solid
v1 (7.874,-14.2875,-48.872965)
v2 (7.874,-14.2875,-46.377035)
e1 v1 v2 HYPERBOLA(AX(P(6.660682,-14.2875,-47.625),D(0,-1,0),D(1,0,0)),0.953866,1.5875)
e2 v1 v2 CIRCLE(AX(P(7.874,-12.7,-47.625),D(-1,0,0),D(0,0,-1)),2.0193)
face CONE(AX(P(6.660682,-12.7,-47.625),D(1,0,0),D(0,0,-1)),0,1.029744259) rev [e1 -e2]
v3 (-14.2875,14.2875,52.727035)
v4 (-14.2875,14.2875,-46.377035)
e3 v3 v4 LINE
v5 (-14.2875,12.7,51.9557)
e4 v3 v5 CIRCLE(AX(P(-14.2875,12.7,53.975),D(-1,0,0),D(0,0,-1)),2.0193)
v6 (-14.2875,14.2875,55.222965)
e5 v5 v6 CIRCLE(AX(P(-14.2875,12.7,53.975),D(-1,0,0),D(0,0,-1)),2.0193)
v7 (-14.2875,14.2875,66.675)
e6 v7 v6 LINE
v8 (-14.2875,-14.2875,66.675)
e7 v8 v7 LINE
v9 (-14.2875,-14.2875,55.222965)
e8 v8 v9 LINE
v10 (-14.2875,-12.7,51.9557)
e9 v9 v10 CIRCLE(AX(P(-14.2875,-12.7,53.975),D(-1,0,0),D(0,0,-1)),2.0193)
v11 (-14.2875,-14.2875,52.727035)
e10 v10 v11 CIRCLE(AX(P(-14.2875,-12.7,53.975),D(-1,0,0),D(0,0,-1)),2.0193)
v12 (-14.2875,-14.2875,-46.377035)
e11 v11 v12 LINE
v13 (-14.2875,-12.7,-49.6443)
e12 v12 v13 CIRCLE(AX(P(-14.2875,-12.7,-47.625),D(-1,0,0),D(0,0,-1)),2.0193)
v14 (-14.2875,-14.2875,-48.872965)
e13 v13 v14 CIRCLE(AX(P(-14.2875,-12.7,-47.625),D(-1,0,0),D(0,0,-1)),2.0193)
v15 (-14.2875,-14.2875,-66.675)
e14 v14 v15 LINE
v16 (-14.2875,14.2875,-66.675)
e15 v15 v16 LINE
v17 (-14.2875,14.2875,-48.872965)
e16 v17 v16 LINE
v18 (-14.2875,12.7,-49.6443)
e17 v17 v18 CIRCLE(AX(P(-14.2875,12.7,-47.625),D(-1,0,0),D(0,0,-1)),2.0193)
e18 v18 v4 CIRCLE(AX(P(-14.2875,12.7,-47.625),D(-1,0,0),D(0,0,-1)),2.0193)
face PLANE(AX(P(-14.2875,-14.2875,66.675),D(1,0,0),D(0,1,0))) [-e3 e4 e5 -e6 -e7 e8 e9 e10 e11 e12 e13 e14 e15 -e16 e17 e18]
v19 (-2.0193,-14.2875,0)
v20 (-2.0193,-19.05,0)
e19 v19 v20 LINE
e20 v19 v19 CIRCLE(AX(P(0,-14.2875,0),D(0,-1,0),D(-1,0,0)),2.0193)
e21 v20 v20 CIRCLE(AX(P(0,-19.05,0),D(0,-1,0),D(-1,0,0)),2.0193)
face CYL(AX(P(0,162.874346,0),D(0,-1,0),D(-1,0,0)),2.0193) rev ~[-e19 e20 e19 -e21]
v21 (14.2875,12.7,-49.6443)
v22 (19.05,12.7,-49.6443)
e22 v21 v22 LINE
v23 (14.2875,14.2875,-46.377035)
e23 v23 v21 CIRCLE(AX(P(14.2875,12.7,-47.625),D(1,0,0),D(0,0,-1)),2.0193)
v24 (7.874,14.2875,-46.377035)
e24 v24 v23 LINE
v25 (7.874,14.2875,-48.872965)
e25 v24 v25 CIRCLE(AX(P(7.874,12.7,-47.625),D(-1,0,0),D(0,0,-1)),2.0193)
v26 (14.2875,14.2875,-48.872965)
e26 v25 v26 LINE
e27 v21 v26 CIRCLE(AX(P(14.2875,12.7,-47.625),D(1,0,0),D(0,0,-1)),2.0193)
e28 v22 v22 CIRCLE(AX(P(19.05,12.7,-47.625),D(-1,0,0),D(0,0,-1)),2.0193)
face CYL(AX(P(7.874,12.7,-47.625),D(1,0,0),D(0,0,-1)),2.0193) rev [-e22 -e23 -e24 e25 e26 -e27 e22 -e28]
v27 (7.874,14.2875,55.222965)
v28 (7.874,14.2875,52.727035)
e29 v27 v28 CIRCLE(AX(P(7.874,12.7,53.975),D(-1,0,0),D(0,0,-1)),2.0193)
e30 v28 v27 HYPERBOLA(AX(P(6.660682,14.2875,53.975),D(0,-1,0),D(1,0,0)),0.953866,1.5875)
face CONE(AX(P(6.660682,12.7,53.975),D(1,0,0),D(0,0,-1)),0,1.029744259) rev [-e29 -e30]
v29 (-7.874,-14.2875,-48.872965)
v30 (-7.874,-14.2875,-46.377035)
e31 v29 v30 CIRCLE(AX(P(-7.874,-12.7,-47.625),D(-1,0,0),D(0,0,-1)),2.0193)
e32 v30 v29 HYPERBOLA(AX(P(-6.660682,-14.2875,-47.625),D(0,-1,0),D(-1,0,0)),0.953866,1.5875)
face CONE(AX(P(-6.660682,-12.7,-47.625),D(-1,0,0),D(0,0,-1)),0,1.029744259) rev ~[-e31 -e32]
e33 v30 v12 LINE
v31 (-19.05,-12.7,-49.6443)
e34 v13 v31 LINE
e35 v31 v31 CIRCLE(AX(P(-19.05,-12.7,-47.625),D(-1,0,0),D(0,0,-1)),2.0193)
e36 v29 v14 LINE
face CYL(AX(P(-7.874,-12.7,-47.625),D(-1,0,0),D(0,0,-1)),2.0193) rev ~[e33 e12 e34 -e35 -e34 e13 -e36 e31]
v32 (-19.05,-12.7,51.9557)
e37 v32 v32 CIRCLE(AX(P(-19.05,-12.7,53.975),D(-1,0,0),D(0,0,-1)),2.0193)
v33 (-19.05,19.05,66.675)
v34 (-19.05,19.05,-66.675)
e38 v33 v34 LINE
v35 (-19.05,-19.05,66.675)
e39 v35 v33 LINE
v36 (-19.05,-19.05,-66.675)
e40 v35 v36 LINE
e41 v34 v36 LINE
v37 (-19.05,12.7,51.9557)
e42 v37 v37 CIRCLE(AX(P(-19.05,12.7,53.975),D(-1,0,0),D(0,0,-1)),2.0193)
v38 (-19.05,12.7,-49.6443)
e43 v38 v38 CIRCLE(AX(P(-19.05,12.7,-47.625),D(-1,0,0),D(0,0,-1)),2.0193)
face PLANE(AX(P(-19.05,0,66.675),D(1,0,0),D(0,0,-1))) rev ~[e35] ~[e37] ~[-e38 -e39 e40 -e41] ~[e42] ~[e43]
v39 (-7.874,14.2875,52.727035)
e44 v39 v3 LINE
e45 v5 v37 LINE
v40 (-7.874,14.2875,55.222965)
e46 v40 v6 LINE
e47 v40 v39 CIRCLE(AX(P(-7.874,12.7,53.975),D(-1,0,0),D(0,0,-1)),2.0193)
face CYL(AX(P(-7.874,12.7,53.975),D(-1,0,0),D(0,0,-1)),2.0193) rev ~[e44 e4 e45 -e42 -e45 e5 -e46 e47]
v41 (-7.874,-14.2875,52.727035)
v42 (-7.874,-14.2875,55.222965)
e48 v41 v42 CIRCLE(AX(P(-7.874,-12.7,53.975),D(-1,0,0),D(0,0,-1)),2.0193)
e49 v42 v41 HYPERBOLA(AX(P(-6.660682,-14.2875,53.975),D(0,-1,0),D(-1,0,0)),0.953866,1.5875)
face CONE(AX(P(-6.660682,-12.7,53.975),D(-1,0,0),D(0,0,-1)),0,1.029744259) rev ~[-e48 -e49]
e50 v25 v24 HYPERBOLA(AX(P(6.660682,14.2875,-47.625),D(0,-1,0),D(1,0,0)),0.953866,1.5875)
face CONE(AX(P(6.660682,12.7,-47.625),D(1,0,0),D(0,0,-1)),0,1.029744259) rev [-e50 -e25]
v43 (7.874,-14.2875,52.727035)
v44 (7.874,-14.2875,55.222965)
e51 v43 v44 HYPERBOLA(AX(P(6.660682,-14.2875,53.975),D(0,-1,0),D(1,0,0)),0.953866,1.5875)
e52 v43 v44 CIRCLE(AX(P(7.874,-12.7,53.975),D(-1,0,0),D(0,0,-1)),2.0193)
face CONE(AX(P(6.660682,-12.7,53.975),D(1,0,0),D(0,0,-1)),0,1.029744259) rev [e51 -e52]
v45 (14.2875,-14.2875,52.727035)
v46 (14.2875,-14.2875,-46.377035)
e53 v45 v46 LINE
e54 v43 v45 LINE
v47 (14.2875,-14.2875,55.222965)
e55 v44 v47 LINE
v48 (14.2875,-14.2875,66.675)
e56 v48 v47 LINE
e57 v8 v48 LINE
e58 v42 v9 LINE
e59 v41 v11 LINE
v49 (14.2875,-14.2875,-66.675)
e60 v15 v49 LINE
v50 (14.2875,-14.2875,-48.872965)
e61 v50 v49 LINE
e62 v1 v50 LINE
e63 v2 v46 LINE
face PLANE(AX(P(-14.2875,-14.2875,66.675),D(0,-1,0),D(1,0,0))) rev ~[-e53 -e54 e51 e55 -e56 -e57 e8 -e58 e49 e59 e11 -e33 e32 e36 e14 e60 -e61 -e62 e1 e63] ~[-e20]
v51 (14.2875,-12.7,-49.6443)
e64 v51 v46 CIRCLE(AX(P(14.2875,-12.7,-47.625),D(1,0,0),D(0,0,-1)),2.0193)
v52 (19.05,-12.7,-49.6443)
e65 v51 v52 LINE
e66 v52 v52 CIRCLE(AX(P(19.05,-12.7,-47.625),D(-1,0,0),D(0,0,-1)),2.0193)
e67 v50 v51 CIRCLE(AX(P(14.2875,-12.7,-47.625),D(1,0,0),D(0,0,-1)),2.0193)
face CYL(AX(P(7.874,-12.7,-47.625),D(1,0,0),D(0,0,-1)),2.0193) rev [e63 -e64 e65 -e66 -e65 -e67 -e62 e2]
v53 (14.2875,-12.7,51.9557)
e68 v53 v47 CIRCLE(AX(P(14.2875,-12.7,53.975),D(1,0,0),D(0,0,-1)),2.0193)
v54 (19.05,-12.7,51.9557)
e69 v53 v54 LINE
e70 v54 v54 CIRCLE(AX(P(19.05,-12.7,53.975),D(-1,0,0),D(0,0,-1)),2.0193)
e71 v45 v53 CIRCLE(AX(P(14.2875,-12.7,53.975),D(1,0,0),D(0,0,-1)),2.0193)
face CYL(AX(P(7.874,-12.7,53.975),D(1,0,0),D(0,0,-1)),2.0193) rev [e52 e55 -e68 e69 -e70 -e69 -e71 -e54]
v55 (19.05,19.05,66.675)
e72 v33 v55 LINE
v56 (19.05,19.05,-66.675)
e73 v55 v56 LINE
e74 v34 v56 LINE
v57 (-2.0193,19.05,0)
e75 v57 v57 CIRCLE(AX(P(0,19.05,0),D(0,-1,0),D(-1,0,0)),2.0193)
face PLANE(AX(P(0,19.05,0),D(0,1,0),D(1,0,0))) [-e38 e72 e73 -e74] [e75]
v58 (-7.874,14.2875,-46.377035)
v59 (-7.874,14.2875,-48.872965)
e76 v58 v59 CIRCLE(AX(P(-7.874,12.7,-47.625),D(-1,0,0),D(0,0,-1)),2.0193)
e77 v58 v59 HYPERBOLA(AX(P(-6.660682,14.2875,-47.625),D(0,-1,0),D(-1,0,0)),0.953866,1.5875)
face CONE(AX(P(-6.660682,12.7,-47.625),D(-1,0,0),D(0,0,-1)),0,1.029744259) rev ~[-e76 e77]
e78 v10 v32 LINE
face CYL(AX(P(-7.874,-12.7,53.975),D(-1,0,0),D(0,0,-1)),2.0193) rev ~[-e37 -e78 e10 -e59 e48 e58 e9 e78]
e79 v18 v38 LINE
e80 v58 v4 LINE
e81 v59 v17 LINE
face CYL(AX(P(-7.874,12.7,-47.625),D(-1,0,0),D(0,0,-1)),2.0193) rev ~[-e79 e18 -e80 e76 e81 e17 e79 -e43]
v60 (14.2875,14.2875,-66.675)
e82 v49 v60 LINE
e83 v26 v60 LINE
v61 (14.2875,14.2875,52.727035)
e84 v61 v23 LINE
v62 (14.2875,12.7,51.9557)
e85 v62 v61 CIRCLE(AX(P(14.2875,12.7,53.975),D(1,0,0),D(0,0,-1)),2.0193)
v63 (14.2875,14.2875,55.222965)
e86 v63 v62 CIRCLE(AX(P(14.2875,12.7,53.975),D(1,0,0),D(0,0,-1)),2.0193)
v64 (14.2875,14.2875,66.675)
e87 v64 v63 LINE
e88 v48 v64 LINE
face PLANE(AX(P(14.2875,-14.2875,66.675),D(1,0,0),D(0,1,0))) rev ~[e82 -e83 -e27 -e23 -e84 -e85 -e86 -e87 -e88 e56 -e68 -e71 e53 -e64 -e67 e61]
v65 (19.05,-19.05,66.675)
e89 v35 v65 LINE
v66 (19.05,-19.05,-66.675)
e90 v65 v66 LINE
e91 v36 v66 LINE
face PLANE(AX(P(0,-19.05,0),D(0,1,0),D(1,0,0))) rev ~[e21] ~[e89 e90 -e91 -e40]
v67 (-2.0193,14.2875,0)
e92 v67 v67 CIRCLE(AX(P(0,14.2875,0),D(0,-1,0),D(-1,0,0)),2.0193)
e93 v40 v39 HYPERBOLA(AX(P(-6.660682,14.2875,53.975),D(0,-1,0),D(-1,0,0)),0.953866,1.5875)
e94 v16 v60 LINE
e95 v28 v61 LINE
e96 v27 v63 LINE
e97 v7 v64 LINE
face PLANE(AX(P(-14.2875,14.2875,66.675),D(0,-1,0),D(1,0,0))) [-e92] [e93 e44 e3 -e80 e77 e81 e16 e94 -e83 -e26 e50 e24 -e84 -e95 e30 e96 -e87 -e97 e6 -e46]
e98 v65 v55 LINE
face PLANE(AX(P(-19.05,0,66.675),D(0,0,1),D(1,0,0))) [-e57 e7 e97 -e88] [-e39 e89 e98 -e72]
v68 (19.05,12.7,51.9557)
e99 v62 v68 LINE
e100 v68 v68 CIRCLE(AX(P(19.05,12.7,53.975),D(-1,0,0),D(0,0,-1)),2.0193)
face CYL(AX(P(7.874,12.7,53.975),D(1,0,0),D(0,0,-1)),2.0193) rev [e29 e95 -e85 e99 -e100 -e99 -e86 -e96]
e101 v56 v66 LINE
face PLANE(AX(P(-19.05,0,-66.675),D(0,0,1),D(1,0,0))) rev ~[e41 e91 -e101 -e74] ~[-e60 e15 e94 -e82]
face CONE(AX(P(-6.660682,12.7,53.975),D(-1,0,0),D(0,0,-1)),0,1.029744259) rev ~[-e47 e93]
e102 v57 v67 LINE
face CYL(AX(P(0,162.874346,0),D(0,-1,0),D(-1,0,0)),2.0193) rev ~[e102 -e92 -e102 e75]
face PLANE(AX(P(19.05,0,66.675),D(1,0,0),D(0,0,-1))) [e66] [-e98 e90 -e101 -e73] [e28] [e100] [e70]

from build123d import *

# Parameters (mm, degrees)
SKETCH1_W                       = 38.1
SKETCH1_H                       = 133.35
BOSS_EXTRUDE1_DEPTH             = 19.05
SKETCH2_W                       = 28.575
SKETCH2_H                       = 28.575
CUT_EXTRUDE1_DEPTH              = 134.35
F_10_32_TAPPED_HOLE1_AT_2_COUNT = 2
F_10_32_TAPPED_HOLE1_AT_2_PITCH = 25.4
F_10_32_TAPPED_HOLE1_AT_3_COUNT = 2
F_10_32_TAPPED_HOLE1_AT_3_PITCH = 104.726882891
F_10_32_TAPPED_HOLE1_AT_4_COUNT = 2
F_10_32_TAPPED_HOLE1_AT_4_PITCH = 101.6
F_10_32_TAPPED_HOLE2_D          = 4.0386


with BuildPart() as part:
    # Sketch1 → Boss-Extrude1 (new body, symmetric)
    with BuildSketch(Plane(origin=(0, 0, 0), x_dir=(1, 0, 0), z_dir=(0, 1, 0))):
        Rectangle(SKETCH1_W, SKETCH1_H)
    extrude(amount=BOSS_EXTRUDE1_DEPTH, both=True)

    # Sketch2 → Cut-Extrude1 (cut, through all)
    with BuildSketch(Plane.XY.offset(66.675)):
        Rectangle(SKETCH2_W, SKETCH2_H)
    extrude(amount=-CUT_EXTRUDE1_DEPTH, mode=Mode.SUBTRACT)

    # Sketch3 → #10-32 Tapped Hole1 (revolve, cut)
    with BuildSketch(Plane(origin=(19.05, -12.7, 53.975), x_dir=(0, 0, -1), z_dir=(0, 1, 0))):
        Polygon((0, 0), (0, 12.389317848), (2.0193, 11.176), (2.0193, 0), align=None)
    f_10_32_tapped_hole1 = revolve(axis=Axis((25.4, -12.7, 53.975), (-1, 0, 0)), mode=Mode.SUBTRACT)

    # #10-32 Tapped Hole1 at 2: #10-32 Tapped Hole1 ×2
    with Locations(*[(0, i * F_10_32_TAPPED_HOLE1_AT_2_PITCH, 0) for i in range(1, F_10_32_TAPPED_HOLE1_AT_2_COUNT)]):
        add(f_10_32_tapped_hole1, mode=Mode.SUBTRACT)

    # #10-32 Tapped Hole1 at 3: #10-32 Tapped Hole1 ×2
    with Locations(*[Vector(0, 0.242535625, -0.9701425) * (i * F_10_32_TAPPED_HOLE1_AT_3_PITCH) for i in range(1, F_10_32_TAPPED_HOLE1_AT_3_COUNT)]):
        add(f_10_32_tapped_hole1, mode=Mode.SUBTRACT)

    # #10-32 Tapped Hole1 at 4: #10-32 Tapped Hole1 ×2
    with Locations(*[(0, 0, -i * F_10_32_TAPPED_HOLE1_AT_4_PITCH) for i in range(1, F_10_32_TAPPED_HOLE1_AT_4_COUNT)]):
        add(f_10_32_tapped_hole1, mode=Mode.SUBTRACT)

    # #10-32 Tapped Hole2 (through all)
    with Locations(Plane(origin=(0, 19.05, 0), x_dir=(1, 0, 0), z_dir=(0, 1, 0))):
        with Locations((0, 0)):
            Hole(F_10_32_TAPPED_HOLE2_D / 2)

    # Mirror1: #10-32 Tapped Hole1 across plane
    add(f_10_32_tapped_hole1.mirror(Plane(origin=(0, 0, 0), x_dir=(0, 0, 1), z_dir=(1, 0, 0))), mode=Mode.SUBTRACT)

    # Mirror1 copy 1 sketch → Mirror1 copy 1 (revolve, cut)
    with BuildSketch(Plane(origin=(-19.05, 12.7, 53.975), x_dir=(0, 0, -1), z_dir=(0, 1, 0))):
        Polygon((0, 0), (0, -12.389317848), (2.0193, -11.176), (2.0193, 0), align=None)
    revolve(axis=Axis((-25.4, 12.7, 53.975), (-1, 0, 0)), mode=Mode.SUBTRACT)

    # Mirror1 copy 2 sketch → Mirror1 copy 2 (revolve, cut)
    with BuildSketch(Plane(origin=(-19.05, 12.7, -47.625), x_dir=(0, 0, -1), z_dir=(0, 1, 0))):
        Polygon((0, 0), (0, -12.389317848), (2.0193, -11.176), (2.0193, 0), align=None)
    revolve(axis=Axis((-25.4, 12.7, -47.625), (-1, 0, 0)), mode=Mode.SUBTRACT)

    # Mirror1 copy 3 sketch → Mirror1 copy 3 (revolve, cut)
    with BuildSketch(Plane(origin=(-19.05, -12.7, -47.625), x_dir=(0, 0, -1), z_dir=(0, 1, 0))):
        Polygon((0, 0), (0, -12.389317848), (2.0193, -11.176), (2.0193, 0), align=None)
    revolve(axis=Axis((-25.4, -12.7, -47.625), (-1, 0, 0)), mode=Mode.SUBTRACT)


solid = part.part
